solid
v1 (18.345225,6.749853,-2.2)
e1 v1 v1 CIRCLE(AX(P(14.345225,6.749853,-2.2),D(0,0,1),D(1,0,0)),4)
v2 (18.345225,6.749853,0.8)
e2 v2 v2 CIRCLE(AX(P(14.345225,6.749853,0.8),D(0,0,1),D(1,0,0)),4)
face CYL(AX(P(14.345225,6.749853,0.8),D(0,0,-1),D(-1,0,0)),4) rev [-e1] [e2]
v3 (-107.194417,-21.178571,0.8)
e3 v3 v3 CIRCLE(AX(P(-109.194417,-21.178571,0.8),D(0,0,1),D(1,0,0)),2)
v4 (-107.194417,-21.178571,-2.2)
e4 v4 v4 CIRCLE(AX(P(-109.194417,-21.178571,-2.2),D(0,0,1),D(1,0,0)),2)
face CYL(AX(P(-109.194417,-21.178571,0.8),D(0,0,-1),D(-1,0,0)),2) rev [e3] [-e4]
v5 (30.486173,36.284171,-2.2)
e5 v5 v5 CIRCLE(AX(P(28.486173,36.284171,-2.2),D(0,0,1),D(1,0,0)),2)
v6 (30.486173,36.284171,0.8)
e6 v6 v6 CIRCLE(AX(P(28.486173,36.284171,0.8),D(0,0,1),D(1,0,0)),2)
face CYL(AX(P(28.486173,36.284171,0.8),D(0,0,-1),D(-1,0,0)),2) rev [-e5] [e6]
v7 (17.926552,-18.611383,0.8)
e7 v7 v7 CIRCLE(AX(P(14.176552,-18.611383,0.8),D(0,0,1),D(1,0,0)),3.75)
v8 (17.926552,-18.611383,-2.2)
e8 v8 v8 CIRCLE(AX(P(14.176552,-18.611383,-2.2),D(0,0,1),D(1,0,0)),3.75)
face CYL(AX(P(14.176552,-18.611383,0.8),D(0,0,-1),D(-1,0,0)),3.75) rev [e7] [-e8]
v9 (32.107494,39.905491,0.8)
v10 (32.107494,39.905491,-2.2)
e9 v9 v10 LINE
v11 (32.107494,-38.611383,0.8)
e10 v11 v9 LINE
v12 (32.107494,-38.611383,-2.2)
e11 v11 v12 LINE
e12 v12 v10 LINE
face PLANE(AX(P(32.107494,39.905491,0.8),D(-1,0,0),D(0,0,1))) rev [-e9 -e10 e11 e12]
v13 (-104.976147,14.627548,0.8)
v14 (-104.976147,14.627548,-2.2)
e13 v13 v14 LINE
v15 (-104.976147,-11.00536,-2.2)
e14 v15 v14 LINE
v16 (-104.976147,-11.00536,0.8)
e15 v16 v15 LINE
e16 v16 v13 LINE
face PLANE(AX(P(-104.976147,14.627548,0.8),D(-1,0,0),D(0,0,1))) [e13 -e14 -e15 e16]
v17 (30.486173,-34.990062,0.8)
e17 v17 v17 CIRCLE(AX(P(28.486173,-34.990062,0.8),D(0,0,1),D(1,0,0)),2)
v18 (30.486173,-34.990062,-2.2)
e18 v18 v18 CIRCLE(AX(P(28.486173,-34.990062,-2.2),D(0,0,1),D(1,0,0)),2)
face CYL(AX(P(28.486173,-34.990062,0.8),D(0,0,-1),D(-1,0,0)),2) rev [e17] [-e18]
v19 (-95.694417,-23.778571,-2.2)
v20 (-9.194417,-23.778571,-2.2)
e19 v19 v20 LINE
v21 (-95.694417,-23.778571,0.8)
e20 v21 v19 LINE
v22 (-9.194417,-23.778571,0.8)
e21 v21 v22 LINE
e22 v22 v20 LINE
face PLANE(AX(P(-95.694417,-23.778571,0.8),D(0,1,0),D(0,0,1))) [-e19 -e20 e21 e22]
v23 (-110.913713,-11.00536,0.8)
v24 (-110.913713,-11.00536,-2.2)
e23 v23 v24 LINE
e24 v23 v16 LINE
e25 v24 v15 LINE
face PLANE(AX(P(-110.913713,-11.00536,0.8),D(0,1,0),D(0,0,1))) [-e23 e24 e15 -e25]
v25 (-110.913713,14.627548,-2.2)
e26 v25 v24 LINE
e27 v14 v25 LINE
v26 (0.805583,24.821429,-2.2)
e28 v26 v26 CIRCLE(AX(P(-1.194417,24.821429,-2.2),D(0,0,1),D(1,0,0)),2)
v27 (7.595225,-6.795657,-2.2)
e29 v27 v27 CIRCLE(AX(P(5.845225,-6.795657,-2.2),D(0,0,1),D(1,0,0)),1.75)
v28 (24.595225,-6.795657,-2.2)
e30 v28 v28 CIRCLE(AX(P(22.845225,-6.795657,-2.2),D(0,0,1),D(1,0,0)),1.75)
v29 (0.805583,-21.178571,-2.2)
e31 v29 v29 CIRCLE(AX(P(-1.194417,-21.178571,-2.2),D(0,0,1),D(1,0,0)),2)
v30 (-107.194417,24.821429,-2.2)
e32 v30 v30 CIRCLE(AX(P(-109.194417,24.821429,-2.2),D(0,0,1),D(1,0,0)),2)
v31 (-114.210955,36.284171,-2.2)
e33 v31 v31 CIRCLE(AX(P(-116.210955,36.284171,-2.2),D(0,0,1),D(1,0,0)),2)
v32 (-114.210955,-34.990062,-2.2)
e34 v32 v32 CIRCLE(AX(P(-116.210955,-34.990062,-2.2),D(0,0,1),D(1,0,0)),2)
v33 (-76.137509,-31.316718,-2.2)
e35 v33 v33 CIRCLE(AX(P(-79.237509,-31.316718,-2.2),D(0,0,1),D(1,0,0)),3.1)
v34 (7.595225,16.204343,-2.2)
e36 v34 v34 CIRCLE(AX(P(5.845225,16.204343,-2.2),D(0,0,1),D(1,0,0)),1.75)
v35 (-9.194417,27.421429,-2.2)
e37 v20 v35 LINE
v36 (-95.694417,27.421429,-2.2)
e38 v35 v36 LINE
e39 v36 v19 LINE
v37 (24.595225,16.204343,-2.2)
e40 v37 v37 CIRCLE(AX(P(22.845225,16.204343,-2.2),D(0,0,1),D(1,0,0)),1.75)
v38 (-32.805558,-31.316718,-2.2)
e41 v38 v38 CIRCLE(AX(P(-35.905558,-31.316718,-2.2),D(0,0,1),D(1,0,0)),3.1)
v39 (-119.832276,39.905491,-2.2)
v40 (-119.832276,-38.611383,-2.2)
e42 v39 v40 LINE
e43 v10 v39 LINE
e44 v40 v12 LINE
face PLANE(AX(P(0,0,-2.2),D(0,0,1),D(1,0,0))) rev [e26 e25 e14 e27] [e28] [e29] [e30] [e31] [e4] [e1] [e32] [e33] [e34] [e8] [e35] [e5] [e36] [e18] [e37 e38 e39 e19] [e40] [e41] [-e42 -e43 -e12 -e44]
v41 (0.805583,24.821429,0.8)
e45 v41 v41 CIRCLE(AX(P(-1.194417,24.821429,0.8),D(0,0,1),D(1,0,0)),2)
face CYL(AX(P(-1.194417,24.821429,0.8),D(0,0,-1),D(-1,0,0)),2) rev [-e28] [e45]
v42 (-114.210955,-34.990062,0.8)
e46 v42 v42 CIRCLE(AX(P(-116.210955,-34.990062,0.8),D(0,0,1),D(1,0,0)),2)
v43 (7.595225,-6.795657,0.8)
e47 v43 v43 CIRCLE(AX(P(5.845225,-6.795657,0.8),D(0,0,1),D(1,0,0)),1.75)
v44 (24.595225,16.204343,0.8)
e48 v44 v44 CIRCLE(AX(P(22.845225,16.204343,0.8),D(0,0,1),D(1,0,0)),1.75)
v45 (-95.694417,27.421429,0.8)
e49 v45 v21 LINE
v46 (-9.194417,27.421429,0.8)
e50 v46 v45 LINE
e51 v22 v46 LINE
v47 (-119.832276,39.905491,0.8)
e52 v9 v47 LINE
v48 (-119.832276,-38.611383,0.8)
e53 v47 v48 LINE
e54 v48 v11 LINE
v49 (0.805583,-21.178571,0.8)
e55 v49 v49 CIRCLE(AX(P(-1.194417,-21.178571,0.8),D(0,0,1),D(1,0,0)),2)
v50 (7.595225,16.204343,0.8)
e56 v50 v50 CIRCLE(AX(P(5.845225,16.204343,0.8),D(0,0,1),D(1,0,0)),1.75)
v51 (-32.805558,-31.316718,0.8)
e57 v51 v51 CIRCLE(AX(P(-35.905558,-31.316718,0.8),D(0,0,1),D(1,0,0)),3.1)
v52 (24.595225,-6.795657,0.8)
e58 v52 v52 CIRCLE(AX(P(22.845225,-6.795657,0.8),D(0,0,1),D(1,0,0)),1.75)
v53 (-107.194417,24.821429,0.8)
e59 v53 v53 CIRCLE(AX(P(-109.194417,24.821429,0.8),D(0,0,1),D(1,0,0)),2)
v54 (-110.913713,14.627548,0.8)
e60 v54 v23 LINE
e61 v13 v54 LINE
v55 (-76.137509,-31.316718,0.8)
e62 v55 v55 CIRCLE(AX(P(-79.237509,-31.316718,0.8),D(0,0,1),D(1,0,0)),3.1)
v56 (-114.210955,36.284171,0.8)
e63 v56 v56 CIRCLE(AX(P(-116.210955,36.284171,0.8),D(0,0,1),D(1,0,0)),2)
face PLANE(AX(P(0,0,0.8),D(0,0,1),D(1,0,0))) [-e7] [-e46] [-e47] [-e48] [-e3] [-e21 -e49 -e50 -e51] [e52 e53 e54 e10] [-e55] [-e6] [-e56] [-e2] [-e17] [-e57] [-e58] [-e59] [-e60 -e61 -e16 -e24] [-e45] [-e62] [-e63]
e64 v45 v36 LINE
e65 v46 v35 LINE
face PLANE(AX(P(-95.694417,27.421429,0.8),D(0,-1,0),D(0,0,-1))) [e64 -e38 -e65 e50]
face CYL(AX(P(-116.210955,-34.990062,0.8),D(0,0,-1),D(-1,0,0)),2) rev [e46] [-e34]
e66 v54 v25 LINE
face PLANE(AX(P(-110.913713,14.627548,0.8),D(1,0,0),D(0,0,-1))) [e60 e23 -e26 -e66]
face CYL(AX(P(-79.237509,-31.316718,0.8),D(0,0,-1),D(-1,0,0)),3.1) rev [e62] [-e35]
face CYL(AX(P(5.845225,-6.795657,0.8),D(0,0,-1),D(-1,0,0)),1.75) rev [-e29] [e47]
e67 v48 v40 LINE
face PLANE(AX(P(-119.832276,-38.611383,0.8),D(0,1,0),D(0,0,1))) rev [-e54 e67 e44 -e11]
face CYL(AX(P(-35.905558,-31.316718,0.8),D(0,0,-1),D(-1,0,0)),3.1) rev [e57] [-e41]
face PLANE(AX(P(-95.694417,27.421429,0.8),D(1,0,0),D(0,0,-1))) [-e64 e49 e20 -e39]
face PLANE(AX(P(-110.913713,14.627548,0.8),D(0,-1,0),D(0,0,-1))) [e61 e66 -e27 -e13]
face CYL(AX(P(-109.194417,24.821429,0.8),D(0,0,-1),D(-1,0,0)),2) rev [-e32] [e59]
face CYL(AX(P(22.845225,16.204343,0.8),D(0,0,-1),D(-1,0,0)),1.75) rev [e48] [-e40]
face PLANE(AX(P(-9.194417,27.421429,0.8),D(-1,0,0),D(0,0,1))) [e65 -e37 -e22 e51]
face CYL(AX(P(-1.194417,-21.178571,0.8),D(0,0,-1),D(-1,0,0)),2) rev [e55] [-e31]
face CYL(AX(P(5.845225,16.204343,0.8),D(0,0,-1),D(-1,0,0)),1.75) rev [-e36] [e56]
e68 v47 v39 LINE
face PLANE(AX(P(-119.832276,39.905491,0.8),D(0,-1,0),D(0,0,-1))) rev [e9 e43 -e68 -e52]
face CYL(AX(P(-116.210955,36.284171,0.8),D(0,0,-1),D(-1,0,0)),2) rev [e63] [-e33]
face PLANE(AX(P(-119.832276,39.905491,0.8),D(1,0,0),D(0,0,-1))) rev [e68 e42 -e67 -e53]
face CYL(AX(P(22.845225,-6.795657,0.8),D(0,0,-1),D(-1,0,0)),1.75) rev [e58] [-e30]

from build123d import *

# Parameters (mm, degrees)
ESQUISSE1_W        = 151.93976922
ESQUISSE1_H        = 78.51687395
ESQUISSE1_R        = 2
ESQUISSE1_R_2      = 4
ESQUISSE1_R_3      = 1.75
ESQUISSE1_R_4      = 3.75
ESQUISSE1_R_5      = 3.1
ESQUISSE1_W_2      = 86.5
ESQUISSE1_H_2      = 51.2
ESQUISSE1_W_3      = 5.937566171
ESQUISSE1_H_3      = 25.632907614
BOSS_EXTRU_1_DEPTH = 3


with BuildPart() as part:
    # Esquisse1 → Boss.-Extru.1 (new body)
    with BuildSketch(Plane.XY.offset(-2.2)):
        with Locations((-43.862390942, 0.647054174)):
            Rectangle(ESQUISSE1_W, ESQUISSE1_H)
        with Locations((-109.194417438, 24.821428571)):
            Circle(ESQUISSE1_R, mode=Mode.SUBTRACT)
        with Locations((-109.194417438, -21.178571429)):
            Circle(ESQUISSE1_R, mode=Mode.SUBTRACT)
        with Locations((-1.194417438, -21.178571429)):
            Circle(ESQUISSE1_R, mode=Mode.SUBTRACT)
        with Locations((-1.194417438, 24.821428571)):
            Circle(ESQUISSE1_R, mode=Mode.SUBTRACT)
        with Locations((-116.210955208, 36.284170806)):
            Circle(ESQUISSE1_R, mode=Mode.SUBTRACT)
        with Locations((-116.210955208, -34.990062458)):
            Circle(ESQUISSE1_R, mode=Mode.SUBTRACT)
        with Locations((28.486173324, 36.284170806)):
            Circle(ESQUISSE1_R, mode=Mode.SUBTRACT)
        with Locations((28.486173324, -34.990062458)):
            Circle(ESQUISSE1_R, mode=Mode.SUBTRACT)
        with Locations((14.345224597, 6.749852674)):
            Circle(ESQUISSE1_R_2, mode=Mode.SUBTRACT)
        with Locations((5.845224597, 16.204342535)):
            Circle(ESQUISSE1_R_3, mode=Mode.SUBTRACT)
        with Locations((22.845224597, 16.204342535)):
            Circle(ESQUISSE1_R_3, mode=Mode.SUBTRACT)
        with Locations((22.845224597, -6.795657465)):
            Circle(ESQUISSE1_R_3, mode=Mode.SUBTRACT)
        with Locations((5.845224597, -6.795657465)):
            Circle(ESQUISSE1_R_3, mode=Mode.SUBTRACT)
        with Locations((14.176552179, -18.611382801)):
            Circle(ESQUISSE1_R_4, mode=Mode.SUBTRACT)
        with Locations((-79.237508709, -31.316718293)):
            Circle(ESQUISSE1_R_5, mode=Mode.SUBTRACT)
        with Locations((-35.905557573, -31.316718293)):
            Circle(ESQUISSE1_R_5, mode=Mode.SUBTRACT)
        with Locations((-52.444417438, 1.821428571)):
            Rectangle(ESQUISSE1_W_2, ESQUISSE1_H_2, mode=Mode.SUBTRACT)
        with Locations((-107.94493025, 1.811094224)):
            Rectangle(ESQUISSE1_W_3, ESQUISSE1_H_3, mode=Mode.SUBTRACT)
    extrude(amount=BOSS_EXTRU_1_DEPTH)


solid = part.part
